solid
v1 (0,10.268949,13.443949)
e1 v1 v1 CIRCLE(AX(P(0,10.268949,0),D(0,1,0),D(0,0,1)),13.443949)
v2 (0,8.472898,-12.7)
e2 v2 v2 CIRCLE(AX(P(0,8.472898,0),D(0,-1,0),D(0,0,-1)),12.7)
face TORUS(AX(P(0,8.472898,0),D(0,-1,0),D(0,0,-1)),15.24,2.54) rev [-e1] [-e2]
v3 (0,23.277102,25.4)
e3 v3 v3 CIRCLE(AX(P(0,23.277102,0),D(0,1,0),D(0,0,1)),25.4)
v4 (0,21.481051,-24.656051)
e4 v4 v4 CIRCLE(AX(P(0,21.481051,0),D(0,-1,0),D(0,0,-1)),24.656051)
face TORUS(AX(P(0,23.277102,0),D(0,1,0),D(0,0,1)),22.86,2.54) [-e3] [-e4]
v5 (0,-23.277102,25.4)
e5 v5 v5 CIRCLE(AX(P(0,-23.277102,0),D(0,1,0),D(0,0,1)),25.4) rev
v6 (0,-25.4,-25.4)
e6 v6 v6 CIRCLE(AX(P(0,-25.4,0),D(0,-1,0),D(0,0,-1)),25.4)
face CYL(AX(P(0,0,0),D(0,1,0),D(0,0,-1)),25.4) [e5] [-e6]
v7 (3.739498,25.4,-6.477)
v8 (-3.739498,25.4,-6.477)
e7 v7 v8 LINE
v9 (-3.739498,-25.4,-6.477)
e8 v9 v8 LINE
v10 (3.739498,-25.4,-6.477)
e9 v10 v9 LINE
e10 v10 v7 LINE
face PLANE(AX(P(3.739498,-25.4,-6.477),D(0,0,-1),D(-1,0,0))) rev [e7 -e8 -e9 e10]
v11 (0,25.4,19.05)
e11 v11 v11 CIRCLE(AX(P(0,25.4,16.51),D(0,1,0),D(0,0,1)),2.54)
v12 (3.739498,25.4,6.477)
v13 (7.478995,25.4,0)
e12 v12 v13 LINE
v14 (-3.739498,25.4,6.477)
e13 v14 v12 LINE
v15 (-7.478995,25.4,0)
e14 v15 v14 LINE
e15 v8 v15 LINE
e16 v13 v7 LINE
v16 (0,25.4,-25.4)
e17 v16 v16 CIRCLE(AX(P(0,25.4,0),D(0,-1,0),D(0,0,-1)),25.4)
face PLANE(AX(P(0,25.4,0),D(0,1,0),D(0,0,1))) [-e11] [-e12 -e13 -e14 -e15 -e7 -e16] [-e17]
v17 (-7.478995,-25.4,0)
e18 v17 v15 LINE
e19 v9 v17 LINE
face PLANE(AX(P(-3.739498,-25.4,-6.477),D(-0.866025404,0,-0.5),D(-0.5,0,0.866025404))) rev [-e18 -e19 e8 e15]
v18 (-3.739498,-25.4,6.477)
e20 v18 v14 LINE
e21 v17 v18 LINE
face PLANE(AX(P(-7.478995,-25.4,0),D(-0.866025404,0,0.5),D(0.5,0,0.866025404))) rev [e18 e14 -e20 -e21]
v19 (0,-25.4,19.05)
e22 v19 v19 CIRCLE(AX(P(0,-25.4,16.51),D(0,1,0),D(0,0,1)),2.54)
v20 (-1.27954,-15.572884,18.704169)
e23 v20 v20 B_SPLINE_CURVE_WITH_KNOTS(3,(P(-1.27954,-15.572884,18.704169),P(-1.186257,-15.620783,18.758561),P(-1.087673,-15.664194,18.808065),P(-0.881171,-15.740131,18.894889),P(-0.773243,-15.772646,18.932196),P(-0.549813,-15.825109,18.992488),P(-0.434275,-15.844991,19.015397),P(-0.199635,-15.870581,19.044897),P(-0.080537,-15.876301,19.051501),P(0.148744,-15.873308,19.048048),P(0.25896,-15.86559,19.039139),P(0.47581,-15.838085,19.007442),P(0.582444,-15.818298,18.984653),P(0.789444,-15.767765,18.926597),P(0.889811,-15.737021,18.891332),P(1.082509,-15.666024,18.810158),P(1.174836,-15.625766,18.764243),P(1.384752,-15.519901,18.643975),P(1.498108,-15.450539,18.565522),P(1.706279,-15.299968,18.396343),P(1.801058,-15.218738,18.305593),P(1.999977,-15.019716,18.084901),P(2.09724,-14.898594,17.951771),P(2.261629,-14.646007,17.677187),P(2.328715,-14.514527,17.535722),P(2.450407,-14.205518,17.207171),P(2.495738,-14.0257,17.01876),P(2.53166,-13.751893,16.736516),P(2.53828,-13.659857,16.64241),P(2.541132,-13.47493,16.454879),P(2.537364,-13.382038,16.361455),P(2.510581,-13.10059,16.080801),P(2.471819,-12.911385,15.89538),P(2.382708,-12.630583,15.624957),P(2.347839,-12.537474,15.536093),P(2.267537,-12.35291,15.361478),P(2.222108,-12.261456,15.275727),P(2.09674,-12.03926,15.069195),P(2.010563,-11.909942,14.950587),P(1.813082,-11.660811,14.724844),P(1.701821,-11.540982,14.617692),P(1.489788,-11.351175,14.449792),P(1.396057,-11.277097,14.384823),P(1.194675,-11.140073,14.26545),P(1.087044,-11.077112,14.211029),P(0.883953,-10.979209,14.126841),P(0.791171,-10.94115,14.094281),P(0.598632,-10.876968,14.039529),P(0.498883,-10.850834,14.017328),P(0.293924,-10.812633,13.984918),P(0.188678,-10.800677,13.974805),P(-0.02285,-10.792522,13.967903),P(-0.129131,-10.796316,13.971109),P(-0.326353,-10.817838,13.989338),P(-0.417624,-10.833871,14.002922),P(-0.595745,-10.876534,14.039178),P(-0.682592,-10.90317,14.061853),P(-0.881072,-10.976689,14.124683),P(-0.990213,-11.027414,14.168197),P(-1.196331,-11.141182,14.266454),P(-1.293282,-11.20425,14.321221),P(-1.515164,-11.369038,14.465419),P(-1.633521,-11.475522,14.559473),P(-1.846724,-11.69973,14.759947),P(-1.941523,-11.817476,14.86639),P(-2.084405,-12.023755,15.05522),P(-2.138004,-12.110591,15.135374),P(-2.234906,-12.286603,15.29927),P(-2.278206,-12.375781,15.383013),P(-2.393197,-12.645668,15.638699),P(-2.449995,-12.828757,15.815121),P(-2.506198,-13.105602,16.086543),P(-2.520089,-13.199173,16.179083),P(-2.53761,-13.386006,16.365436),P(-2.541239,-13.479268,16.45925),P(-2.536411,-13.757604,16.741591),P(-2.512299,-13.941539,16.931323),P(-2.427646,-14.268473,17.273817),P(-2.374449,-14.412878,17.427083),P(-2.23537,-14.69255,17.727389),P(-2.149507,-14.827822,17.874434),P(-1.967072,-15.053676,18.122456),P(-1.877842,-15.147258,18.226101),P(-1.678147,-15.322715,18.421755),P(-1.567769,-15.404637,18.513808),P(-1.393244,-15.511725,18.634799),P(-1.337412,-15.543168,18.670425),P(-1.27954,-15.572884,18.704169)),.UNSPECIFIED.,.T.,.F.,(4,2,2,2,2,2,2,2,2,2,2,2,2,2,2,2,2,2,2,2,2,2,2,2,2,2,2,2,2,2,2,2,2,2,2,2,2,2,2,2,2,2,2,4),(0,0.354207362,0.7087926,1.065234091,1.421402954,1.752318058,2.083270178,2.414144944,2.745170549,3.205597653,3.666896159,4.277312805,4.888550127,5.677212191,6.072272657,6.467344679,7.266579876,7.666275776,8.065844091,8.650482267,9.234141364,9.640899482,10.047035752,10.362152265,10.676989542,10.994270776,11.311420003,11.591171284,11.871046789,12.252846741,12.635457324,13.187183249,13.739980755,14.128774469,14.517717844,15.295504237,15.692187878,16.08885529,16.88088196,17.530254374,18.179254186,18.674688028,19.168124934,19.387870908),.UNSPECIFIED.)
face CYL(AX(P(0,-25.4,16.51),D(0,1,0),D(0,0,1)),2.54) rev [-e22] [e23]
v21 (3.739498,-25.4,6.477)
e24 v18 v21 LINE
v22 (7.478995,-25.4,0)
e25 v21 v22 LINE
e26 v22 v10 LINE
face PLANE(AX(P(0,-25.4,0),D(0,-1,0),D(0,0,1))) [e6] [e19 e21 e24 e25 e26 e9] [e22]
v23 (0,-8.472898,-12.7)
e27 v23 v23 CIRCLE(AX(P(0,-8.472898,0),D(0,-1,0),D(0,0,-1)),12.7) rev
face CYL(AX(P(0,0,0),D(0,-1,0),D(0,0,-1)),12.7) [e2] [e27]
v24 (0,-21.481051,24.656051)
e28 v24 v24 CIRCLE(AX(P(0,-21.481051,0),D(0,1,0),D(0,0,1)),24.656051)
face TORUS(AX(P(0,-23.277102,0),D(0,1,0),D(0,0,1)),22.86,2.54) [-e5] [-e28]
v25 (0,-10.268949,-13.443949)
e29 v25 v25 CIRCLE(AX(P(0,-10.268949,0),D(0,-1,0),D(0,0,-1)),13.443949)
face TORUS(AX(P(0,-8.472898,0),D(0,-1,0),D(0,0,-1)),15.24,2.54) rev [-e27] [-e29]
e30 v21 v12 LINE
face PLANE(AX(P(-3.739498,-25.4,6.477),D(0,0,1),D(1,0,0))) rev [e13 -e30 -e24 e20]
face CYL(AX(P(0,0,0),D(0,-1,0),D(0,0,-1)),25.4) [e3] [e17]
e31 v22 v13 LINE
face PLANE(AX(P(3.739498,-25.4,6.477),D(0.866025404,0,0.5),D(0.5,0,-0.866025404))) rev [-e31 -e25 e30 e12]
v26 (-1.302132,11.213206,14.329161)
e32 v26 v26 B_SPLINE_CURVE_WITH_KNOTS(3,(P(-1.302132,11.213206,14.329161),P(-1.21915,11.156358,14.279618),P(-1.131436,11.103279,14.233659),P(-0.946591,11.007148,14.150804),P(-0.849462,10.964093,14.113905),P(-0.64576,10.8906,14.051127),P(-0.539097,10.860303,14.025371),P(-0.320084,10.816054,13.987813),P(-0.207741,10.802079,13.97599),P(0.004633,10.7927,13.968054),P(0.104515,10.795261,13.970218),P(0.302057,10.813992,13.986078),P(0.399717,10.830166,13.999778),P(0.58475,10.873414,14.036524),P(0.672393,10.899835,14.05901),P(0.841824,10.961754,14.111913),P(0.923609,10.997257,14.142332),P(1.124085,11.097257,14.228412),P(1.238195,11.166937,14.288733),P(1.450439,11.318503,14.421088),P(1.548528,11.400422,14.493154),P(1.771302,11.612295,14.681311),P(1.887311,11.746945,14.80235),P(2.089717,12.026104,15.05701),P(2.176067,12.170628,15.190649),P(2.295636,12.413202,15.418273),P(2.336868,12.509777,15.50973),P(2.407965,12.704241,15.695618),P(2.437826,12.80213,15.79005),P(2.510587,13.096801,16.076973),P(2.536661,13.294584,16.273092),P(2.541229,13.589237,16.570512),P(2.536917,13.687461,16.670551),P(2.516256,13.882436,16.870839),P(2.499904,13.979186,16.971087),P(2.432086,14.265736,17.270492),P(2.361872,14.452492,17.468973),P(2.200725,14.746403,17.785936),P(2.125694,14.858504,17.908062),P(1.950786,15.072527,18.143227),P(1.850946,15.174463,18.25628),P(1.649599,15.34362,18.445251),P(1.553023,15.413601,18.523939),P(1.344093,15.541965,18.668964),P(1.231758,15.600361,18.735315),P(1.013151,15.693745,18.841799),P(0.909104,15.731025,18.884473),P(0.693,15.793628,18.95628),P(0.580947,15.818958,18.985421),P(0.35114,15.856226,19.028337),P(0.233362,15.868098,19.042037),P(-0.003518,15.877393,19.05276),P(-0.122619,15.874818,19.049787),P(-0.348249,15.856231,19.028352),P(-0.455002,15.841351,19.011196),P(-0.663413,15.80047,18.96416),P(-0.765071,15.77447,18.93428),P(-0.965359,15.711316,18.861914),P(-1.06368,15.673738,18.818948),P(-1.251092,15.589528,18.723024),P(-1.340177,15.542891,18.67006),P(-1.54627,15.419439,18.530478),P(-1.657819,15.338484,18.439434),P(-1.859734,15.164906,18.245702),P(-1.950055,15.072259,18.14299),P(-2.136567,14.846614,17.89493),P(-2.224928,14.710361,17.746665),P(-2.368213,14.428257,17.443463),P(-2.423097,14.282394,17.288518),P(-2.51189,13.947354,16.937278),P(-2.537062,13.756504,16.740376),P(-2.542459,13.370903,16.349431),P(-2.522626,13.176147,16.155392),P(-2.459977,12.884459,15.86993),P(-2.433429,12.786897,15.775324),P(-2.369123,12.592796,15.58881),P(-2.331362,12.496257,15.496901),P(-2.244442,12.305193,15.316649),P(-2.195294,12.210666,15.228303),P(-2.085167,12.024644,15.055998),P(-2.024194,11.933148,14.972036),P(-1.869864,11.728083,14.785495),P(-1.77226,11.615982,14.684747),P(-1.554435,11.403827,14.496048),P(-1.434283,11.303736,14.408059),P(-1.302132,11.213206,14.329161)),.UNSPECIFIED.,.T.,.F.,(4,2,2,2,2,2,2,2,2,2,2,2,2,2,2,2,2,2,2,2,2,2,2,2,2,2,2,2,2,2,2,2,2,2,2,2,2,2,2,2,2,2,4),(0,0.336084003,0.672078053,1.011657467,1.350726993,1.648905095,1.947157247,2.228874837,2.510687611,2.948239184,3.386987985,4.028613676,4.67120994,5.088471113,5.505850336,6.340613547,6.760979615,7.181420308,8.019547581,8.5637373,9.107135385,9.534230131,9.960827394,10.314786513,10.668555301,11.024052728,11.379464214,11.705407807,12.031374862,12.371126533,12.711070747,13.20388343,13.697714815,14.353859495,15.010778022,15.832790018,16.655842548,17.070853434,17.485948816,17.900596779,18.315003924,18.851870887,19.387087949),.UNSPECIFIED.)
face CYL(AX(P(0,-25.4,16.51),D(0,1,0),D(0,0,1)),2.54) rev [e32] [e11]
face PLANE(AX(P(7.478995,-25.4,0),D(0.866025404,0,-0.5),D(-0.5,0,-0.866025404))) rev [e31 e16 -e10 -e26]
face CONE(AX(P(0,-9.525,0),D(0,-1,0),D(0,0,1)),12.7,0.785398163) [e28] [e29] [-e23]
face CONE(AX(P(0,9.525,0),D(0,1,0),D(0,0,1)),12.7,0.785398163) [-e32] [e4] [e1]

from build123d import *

# Parameters (mm, degrees)
SKETCH2_R          = 2.54
CUT_EXTRUDE1_DEPTH = 63.217039467
FILLET1_R          = 2.54


with BuildPart() as part:
    # Sketch1 → Revolve1 (revolve)
    with BuildSketch(Plane(origin=(0, 0, 0), x_dir=(0, 0, -1), z_dir=(1, 0, 0))):
        Polygon((0, 0), (0, 25.4), (25.4, 25.4), (25.4, 22.225), (12.7, 9.525), (12.7, 0), align=None)
    revolve1 = revolve(axis=Axis((0, 0, 0), (0, 1, 0)))

    # Mirror1: Revolve1 across plane
    add(revolve1.mirror(Plane(origin=(0, 0, -12.7), x_dir=(0, 0, 1), z_dir=(0, -1, 0))))

    # Sketch2 → Cut-Extrude1 (cut, through all)
    with BuildSketch(Plane(origin=(0, 25.4, 0), x_dir=(1, 0, 0), z_dir=(0, 1, 0))):
        with Locations(Location((0, -16.51, 0), (0, 0, 270))):
            Circle(SKETCH2_R)
        Polygon((-7.478995387, 0), (-3.739497694, -6.477), (3.739497694, -6.477), (7.478995387, 0), (3.739497694, 6.477), (-3.739497694, 6.477), align=None)
    extrude(amount=-CUT_EXTRUDE1_DEPTH, mode=Mode.SUBTRACT)

    # Fillet1
    fillet1_edges = [part.edges().sort_by_distance(p)[0] for p in [
        (0, -22.225, 25.4),
        (0, -9.525, 12.7),
        (0, 9.525, 12.7),
        (0, 22.225, 25.4),
    ]]
    fillet(fillet1_edges, radius=FILLET1_R)


solid = part.part
